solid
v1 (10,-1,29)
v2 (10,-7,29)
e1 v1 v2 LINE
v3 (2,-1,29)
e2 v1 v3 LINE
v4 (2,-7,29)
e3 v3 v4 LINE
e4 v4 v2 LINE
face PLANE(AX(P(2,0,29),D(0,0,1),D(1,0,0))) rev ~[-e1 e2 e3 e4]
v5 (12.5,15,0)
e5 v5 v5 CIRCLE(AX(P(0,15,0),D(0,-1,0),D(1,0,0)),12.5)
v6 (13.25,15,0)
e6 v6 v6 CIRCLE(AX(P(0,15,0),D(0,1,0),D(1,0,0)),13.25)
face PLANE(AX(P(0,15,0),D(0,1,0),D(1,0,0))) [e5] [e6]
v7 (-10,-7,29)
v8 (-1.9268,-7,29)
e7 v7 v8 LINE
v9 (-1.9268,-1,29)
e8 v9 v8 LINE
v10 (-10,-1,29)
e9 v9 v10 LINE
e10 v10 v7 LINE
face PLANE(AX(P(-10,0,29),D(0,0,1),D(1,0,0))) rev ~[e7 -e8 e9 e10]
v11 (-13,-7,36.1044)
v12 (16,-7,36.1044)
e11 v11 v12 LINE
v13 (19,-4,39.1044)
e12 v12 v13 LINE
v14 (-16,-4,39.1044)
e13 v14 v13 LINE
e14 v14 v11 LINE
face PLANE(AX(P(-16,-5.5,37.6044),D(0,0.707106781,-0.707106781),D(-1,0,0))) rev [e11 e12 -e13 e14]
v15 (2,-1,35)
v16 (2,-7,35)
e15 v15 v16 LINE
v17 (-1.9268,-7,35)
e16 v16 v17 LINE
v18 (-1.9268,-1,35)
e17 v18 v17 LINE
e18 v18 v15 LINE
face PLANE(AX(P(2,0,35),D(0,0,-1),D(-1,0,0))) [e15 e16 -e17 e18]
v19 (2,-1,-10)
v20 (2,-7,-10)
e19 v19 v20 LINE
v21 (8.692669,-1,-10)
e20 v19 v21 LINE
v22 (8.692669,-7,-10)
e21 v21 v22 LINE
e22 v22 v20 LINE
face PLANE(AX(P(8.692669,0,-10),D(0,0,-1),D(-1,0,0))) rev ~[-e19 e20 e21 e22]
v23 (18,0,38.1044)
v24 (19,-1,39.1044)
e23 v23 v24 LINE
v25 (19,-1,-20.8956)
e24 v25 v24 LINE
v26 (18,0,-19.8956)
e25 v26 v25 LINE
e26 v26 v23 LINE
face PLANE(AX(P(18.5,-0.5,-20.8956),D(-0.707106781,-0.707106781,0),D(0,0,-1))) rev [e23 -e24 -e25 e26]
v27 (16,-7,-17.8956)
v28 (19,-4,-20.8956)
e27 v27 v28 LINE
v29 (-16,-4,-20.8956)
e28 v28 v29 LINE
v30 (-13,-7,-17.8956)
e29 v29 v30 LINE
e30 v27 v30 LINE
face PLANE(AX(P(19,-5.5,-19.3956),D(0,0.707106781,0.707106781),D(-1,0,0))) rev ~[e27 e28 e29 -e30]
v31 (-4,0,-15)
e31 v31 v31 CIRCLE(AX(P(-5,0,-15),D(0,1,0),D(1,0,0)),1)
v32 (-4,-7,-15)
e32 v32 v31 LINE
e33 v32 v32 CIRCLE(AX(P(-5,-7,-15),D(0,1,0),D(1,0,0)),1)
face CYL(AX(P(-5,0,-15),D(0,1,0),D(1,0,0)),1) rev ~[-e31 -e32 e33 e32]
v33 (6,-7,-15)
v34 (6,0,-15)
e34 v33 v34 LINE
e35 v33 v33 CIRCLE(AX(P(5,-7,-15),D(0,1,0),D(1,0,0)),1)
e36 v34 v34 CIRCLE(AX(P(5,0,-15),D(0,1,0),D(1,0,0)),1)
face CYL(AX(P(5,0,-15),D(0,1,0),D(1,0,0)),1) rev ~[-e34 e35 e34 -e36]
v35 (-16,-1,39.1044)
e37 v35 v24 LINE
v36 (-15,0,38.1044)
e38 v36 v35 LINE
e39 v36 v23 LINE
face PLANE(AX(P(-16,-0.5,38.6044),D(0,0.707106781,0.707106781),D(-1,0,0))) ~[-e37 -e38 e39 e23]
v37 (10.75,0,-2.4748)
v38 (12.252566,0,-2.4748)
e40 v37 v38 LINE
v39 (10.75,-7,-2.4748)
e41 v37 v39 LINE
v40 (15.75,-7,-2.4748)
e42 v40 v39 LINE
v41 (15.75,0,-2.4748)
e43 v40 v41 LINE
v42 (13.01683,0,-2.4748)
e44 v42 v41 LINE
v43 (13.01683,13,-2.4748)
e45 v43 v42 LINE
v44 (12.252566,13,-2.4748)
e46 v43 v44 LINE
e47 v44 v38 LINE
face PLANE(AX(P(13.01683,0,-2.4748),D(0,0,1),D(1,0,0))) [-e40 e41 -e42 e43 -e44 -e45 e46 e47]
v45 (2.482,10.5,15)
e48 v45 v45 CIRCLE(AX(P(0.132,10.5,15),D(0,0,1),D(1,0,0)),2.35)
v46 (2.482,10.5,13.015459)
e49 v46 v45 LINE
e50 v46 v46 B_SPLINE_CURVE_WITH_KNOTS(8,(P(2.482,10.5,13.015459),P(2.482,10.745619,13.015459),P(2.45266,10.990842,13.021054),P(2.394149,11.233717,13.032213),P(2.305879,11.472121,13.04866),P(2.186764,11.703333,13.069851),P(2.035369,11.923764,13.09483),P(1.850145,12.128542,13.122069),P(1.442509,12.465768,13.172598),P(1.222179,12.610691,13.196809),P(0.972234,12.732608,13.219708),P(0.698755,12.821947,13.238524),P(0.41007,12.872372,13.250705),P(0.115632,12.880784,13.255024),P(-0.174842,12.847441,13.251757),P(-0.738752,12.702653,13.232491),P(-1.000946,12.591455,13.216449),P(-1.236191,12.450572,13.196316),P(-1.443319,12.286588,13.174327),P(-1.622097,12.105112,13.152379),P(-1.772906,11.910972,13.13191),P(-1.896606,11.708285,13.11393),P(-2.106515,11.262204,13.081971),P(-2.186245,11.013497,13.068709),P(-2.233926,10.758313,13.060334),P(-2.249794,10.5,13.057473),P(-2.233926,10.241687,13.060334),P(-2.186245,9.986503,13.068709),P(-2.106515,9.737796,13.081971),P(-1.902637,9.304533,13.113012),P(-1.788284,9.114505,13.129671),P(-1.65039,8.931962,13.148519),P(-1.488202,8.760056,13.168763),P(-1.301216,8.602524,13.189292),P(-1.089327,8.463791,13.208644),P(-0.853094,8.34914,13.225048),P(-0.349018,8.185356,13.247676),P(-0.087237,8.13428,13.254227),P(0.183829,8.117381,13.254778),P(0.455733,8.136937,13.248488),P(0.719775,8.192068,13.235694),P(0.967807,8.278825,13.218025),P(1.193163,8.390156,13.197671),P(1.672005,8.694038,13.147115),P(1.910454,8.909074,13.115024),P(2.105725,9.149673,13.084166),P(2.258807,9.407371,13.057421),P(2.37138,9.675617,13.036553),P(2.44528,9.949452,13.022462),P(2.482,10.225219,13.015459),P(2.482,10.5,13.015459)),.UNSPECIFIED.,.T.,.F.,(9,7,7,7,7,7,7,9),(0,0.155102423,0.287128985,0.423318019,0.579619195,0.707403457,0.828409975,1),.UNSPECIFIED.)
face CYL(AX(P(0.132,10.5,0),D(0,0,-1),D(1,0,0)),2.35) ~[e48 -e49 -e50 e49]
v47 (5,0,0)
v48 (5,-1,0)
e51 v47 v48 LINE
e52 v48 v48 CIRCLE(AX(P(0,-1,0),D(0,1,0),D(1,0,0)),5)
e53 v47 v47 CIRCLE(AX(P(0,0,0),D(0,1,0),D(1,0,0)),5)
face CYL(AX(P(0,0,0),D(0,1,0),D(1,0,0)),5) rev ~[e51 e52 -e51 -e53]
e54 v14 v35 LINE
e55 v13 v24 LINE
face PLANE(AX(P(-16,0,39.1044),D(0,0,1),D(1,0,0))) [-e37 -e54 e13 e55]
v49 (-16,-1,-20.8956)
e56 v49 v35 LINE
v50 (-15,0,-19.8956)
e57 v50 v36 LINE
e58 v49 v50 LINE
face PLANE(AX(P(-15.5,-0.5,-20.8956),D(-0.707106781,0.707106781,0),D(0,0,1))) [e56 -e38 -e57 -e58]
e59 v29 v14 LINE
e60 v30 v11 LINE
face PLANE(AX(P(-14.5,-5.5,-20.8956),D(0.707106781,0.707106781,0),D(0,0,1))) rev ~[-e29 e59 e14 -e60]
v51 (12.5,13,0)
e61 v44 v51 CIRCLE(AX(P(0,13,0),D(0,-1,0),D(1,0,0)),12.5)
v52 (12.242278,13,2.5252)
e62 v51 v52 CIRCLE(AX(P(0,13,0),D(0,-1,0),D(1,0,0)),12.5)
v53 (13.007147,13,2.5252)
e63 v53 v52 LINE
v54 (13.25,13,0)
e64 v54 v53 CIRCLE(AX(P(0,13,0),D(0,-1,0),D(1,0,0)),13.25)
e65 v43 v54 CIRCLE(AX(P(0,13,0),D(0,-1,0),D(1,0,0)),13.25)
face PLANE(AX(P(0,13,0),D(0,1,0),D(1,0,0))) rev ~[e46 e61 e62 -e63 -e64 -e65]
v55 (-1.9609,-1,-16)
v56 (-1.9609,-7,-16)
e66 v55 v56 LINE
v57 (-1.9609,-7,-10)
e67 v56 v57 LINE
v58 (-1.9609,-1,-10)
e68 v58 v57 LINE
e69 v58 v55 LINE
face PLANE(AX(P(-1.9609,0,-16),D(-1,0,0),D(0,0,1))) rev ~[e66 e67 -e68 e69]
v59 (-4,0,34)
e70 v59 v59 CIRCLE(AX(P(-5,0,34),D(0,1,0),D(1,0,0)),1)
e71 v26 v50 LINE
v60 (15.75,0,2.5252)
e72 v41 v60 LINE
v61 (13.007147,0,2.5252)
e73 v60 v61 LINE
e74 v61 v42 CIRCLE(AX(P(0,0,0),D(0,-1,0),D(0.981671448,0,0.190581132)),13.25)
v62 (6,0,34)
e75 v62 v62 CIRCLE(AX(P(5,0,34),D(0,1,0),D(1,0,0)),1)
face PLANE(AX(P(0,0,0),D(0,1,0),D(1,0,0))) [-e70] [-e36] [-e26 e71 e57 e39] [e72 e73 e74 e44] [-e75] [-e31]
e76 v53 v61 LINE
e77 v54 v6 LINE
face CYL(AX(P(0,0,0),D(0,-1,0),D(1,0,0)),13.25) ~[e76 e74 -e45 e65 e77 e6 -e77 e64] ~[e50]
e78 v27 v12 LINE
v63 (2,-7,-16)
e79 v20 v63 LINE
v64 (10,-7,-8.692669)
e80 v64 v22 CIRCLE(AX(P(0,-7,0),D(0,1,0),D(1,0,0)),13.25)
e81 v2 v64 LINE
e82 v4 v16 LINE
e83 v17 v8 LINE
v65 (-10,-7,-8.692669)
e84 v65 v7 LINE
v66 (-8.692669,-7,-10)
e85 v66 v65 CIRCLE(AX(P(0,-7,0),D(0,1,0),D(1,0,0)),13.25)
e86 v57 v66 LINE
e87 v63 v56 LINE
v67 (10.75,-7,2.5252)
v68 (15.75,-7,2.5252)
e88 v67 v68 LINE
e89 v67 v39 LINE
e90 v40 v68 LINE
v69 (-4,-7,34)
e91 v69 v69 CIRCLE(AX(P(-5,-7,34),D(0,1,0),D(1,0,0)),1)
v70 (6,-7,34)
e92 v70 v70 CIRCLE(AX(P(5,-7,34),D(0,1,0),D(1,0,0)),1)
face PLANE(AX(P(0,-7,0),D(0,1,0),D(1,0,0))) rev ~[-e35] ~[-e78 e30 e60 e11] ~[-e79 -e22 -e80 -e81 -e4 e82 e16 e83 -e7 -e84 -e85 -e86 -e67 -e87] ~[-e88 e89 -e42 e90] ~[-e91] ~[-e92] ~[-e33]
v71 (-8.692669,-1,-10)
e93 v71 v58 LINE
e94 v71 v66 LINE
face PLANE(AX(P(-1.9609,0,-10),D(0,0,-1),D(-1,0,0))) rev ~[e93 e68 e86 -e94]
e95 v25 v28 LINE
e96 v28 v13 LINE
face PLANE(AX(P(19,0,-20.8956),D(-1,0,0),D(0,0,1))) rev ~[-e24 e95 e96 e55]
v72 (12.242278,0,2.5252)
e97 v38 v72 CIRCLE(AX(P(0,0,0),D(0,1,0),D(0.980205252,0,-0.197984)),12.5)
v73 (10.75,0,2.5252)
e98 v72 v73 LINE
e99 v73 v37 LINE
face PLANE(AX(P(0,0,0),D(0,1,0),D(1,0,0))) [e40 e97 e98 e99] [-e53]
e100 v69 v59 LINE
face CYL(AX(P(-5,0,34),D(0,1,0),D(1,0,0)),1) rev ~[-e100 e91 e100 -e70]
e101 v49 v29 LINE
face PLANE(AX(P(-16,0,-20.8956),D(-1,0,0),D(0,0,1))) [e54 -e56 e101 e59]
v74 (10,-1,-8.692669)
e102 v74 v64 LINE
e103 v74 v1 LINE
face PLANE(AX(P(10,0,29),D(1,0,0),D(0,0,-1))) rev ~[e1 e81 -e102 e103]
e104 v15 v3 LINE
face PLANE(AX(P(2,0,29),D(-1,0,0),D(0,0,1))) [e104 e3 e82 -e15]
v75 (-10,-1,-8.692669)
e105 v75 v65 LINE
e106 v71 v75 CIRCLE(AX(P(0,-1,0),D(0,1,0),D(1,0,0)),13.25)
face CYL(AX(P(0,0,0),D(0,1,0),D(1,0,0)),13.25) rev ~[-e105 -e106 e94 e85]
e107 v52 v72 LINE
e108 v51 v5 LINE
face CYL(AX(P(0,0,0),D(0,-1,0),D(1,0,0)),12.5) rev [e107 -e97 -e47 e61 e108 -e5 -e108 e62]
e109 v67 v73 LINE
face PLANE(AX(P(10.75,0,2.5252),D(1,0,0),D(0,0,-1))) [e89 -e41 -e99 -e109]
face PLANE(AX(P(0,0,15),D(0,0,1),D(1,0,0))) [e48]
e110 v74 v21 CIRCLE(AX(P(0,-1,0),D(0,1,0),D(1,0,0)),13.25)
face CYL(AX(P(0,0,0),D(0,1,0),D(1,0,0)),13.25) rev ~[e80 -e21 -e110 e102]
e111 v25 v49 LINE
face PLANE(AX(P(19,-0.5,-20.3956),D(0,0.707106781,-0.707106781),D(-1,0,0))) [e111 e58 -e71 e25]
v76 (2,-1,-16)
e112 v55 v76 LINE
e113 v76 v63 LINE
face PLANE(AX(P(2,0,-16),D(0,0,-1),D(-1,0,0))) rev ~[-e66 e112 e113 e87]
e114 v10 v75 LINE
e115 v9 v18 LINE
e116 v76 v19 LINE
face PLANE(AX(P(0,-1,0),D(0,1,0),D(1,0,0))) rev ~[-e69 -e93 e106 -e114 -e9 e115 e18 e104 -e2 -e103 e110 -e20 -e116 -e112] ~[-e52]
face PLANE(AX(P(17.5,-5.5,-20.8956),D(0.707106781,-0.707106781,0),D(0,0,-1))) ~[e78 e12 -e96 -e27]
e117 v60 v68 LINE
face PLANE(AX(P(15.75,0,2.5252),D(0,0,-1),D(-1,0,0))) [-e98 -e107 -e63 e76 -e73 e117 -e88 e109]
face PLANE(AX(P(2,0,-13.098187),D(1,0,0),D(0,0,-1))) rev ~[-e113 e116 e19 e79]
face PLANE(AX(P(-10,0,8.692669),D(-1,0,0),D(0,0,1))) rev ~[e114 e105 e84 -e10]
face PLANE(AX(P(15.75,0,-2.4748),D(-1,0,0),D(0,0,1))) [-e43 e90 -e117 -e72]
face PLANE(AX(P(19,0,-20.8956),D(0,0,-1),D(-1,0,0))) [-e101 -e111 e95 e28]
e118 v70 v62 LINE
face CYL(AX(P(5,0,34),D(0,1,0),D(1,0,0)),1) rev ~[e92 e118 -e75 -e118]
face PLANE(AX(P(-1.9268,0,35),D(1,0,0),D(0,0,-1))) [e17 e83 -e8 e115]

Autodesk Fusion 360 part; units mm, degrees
sketch "Sketch1" plane through (0, 0, 0) normal (0, 1, 0) x (1, 0, 0)
  circle A0 centre (0, 0) radius 13.25
  dimension "d1" = 26.5
extrude "Extrude1" add sketch "Sketch1" along normal blind 15 makes body 1
sketch "Sketch2" plane through (0, 0, 0) normal (0, 0, 1) x (1, 0, 0)
  circle A0 centre (0.132, 10.5) radius 2.35
  dimension "d5" = 4.7
  dimension "d10" = 10.5
extrude "Extrude2" add sketch "Sketch2" along normal blind 15 bodies 1
sketch "Sketch3" plane through (0, 0, 0) normal (0, 1, 0) x (1, 0, 0)
  circle A0 centre (0, 0) radius 12.5
  dimension "d8" = 25
extrude "Extrude3" cut sketch "Sketch3" along normal through all bodies 1
sketch "Sketch4" plane through (0, 0, 0) normal (0, 1, 0) x (1, 0, 0)
  line L0 (-16, -39.1044) -> (19, -39.1044)
  line L1 (19, 20.8956) -> (-16, 20.8956)
  line L2 (-16, 20.8956) -> (-16, -39.1044)
  line L3 (15.75, -2.5252) -> (10.75, -2.5252)
  line L4 (10.75, -2.5252) -> (10.75, 2.4748)
  line L5 (10.75, 2.4748) -> (15.75, 2.4748)
  line L6 (15.75, 2.4748) -> (15.75, -2.5252)
  line L7 (15.75, -2.5252) -> (10.75, 2.4748) construction
  line L8 (10.75, -2.5252) -> (15.75, 2.4748) construction
  circle A0 centre (0, 0) radius 13.25
  line L9 (19, 20.8956) -> (19, -39.1044)
  line L10 (32, -21) -> (64.7832, -21) construction
  line L11 (64.7832, -21) -> (64.7832, -31) construction
  line L12 (64.7832, -31) -> (32, -31) construction
  line L13 (32, -31) -> (32, -21) construction
  line L14 (0, -45) -> (0, 21) construction
  circle A1 centre (-5, 15) radius 1
  circle A2 centre (5, 15) radius 1
  line L15 (-19, 0) -> (28, 0) construction
  circle A3 centre (-5, -34) radius 1
  circle A4 centre (5, -34) radius 1
  line L16 (-10, -29) -> (10, -29)
  line L17 (10, -29) -> (10, 10)
  line L18 (10, 10) -> (-10, 10)
  line L19 (-10, 10) -> (-10, -29)
  circle A5 centre (0, 0) radius 5
  line L20 (-1.9268, -29) -> (2, -29)
  line L21 (2, -29) -> (2, -35)
  line L22 (2, -35) -> (-1.9268, -35)
  line L23 (-1.9268, -35) -> (-1.9268, -29)
  line L24 (-1.9609, 10) -> (2, 10)
  line L25 (2, 10) -> (2, 16)
  line L26 (2, 16) -> (-1.9609, 16)
  line L27 (-1.9609, 16) -> (-1.9609, 10)
  dimension "d13" = 5
  dimension "d14" = 5
  dimension "d15" = 2
  dimension "d16" = 49
  dimension "d23" = 35
  dimension "d24" = 60
  dimension "d25" = 39
  dimension "d26" = 20
  dimension "d27" = 10
  dimension "d28" = 10
  dimension "d29" = 10
extrude "Extrude11" add sketch "Sketch4" against normal blind 7 separate body contours L0 L1 L2 L9 | L3 L4 L5 A0 L17 | A0 L19 | A0 L17 L18 | A0 L18 L19 | A0 L18 L25 | A0 L18 L27 makes body 2
extrude "Extrude10" add sketch "Sketch4" against normal blind 1 contours L0 L1 L2 L9 | L3 L4 L5 A0 L17 | A0 L16 L17 L19 L20 | A0 L17 L18 L19 L24 | A0 L19 | A0 L17 L18 | A0 L18 L19 | L16 L20 L21 L22 L23 | A0 L18 L25 | A0 L18 L27 | A0 L18 L24 L25 L27 | A0 L25 L26 L27 bodies 2 1
extrude "Extrude12" cut sketch "Sketch4" along normal blind 13 contours L3 L5 L6 A0 | L3 L4 L5 A0 bodies 2
chamfer "Chamfer1" distance 3 angle 45 4 edges at (-16, -7, 9.1044) (1.5, -7, 39.1044) (19, -7, 9.1044) (1.5, -7, -20.8956) on bodies 2
chamfer "Chamfer2" distance 1 angle 45 4 edges at (19, 0, 9.1044) (1.5, 0, 39.1044) (-16, 0, 9.1044) (1.5, 0, -20.8956) on bodies 2
